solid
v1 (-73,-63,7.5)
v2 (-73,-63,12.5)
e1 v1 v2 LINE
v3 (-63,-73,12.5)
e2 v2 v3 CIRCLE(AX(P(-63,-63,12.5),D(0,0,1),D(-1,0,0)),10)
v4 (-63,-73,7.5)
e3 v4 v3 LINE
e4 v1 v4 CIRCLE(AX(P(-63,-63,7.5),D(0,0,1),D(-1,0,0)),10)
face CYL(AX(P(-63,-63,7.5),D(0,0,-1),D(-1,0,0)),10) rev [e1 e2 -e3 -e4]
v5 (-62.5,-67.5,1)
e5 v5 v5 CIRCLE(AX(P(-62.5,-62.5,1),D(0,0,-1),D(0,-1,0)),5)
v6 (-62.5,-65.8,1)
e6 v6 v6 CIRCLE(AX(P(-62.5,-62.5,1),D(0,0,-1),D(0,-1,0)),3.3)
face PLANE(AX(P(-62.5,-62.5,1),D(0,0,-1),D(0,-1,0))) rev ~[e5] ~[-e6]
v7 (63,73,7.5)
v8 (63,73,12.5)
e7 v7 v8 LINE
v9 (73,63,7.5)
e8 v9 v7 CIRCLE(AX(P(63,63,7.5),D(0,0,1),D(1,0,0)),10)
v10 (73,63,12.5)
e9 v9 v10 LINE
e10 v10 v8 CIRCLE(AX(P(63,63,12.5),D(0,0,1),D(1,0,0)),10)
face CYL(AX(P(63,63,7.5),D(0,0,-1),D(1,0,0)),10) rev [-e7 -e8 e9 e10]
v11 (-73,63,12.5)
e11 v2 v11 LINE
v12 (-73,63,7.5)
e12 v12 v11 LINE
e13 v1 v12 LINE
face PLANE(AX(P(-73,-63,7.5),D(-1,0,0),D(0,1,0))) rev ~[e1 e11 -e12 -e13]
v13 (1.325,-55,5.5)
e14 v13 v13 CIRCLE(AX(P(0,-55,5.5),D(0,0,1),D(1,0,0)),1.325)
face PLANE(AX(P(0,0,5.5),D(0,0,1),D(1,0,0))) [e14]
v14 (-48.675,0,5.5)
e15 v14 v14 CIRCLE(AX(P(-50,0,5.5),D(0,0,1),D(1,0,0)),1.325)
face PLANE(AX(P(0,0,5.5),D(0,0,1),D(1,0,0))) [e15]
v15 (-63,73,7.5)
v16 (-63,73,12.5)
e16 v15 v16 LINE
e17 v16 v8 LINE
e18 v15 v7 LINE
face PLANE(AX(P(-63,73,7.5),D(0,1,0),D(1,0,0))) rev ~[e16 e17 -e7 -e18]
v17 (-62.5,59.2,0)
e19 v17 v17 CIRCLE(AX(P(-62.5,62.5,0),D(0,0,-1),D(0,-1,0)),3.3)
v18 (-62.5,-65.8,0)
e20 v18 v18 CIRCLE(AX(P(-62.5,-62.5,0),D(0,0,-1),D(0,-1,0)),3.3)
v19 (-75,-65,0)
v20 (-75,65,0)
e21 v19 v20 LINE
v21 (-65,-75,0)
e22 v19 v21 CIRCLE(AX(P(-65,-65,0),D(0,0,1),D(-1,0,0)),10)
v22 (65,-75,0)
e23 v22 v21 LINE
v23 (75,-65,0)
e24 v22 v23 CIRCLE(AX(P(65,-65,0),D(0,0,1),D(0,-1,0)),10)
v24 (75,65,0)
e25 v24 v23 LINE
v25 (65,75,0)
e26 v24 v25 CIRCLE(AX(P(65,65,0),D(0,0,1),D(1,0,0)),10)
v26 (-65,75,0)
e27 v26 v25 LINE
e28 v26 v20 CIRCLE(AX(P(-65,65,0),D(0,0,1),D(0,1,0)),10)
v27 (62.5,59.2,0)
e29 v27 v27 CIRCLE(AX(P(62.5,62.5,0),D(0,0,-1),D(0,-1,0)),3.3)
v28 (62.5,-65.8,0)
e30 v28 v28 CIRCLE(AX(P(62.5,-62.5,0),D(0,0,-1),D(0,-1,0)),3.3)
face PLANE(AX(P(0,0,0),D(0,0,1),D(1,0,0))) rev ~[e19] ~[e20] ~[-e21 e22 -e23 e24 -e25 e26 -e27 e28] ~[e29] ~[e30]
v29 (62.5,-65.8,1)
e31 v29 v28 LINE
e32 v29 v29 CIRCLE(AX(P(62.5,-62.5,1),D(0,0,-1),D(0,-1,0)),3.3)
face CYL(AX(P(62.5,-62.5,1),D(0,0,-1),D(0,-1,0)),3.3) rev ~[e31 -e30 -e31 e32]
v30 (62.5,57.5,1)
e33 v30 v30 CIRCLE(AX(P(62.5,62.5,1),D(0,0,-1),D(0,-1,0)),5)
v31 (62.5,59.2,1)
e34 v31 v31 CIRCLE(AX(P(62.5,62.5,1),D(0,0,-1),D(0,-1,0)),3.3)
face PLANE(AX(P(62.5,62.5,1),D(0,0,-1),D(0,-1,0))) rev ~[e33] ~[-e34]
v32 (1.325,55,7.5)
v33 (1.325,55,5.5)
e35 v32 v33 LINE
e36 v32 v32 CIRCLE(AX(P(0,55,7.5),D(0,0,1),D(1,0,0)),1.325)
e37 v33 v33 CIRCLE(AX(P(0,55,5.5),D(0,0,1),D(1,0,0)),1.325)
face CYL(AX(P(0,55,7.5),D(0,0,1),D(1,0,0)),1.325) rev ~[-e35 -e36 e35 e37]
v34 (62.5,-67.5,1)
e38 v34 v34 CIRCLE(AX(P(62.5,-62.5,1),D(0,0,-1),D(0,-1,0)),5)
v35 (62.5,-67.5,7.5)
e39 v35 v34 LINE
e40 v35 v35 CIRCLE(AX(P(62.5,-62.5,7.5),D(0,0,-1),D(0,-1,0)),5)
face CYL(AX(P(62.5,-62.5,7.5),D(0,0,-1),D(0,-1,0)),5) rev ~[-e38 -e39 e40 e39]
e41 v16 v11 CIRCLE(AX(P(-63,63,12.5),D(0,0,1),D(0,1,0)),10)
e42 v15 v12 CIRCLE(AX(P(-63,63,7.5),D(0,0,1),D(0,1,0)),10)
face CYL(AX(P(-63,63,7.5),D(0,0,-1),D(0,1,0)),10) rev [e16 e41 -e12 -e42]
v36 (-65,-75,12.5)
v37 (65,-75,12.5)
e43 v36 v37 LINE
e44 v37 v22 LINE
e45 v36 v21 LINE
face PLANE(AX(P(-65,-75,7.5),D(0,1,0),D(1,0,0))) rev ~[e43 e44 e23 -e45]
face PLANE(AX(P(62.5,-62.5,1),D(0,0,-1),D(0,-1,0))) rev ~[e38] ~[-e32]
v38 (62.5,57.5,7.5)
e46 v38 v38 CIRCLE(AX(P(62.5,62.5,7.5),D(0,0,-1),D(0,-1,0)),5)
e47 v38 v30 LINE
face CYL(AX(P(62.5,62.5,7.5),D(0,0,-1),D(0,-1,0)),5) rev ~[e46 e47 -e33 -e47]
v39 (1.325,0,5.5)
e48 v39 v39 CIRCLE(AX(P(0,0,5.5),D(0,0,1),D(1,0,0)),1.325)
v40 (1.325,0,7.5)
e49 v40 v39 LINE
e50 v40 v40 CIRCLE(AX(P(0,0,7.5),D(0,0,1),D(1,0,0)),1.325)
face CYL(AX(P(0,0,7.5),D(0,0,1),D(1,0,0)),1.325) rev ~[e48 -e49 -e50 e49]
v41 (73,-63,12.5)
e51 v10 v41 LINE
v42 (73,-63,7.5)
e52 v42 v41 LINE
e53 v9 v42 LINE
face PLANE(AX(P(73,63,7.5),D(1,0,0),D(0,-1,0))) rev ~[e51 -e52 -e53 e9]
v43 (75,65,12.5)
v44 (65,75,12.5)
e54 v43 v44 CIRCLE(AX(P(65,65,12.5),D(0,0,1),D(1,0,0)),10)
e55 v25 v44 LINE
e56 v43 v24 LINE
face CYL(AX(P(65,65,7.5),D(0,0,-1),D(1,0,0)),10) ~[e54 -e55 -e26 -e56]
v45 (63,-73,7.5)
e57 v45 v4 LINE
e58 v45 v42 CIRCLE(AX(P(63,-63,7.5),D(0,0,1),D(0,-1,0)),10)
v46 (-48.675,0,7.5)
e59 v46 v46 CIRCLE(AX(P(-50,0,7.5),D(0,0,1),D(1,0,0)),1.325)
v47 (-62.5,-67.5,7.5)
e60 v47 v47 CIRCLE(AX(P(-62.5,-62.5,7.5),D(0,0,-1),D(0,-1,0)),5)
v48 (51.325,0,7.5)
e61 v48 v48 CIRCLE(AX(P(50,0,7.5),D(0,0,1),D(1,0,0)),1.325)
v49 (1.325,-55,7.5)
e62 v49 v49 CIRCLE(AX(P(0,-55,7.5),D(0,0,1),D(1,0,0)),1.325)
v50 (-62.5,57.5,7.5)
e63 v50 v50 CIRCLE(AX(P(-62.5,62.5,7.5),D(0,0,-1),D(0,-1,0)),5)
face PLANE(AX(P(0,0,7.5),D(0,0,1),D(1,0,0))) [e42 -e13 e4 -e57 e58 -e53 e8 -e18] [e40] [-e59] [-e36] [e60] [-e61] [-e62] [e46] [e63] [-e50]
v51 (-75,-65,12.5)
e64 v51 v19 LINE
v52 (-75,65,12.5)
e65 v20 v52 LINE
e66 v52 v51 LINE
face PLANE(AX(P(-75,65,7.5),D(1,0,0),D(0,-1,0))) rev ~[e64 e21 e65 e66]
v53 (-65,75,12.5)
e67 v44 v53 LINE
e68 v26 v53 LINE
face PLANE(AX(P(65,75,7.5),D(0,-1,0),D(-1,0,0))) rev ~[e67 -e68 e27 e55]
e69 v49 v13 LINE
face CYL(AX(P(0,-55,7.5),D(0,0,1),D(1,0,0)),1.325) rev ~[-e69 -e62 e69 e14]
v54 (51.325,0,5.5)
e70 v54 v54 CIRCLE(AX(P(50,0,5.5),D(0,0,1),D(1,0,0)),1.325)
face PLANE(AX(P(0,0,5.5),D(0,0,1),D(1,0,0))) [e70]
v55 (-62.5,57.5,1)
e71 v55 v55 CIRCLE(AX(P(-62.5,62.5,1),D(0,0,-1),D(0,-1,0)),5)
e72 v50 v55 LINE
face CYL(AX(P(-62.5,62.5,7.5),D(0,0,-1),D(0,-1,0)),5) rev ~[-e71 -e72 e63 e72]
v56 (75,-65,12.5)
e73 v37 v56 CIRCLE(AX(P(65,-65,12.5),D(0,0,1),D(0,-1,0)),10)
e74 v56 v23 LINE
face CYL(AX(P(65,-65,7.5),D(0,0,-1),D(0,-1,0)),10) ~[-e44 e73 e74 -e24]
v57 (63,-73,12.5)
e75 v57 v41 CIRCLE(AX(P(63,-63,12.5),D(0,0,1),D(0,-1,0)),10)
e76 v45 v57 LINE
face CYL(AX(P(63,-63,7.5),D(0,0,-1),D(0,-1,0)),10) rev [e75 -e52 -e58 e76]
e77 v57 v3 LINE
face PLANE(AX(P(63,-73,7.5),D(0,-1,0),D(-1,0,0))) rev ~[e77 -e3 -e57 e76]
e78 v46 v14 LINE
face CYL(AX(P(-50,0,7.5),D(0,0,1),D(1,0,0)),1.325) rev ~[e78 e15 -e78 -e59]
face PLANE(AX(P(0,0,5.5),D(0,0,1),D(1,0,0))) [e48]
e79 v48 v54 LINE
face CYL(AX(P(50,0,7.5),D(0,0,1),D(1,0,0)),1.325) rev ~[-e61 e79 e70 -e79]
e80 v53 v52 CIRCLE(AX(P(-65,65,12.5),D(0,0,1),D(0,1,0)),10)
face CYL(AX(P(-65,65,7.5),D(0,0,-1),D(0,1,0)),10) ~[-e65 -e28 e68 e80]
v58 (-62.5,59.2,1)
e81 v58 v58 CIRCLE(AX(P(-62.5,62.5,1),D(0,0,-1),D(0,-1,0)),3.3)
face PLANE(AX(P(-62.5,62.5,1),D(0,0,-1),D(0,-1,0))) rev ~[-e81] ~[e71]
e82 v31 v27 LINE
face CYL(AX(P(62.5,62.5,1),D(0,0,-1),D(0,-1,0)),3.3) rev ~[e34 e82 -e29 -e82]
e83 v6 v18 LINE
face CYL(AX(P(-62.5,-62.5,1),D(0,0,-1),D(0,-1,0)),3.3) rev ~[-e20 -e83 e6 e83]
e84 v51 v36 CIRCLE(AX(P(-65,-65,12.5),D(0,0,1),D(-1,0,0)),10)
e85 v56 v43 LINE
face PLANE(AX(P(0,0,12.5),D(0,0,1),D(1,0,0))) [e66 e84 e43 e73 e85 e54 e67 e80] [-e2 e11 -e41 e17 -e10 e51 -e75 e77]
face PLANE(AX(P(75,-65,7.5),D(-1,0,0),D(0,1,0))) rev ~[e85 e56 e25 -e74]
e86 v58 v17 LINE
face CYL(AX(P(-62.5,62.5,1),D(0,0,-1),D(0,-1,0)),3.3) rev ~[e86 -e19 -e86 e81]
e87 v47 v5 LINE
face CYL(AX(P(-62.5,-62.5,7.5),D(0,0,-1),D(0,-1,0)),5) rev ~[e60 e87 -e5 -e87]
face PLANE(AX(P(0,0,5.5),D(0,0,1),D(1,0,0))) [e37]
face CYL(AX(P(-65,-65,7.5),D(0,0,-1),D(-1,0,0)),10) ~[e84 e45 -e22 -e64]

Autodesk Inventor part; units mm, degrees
ref_plane "YZ Plane" through (0, 0, 0) normal (1, 0, 0) x (0, 1, 0)
ref_plane "XZ Plane" through (0, 0, 0) normal (0, 1, 0) x (-1, 0, 0)
ref_plane "XY Plane" through (0, 0, 0) normal (0, 0, 1) x (1, 0, 0)
sketch "Sketch5" plane through (0, 0, 0) normal (0, 0, 1) x (1, 0, 0)
  line L0 (-65, 75) -> (65, 75)
  line L1 (75, 65) -> (75, -65)
  line L2 (65, -75) -> (-65, -75)
  line L3 (-75, -65) -> (-75, 65)
  arc A0 (-65, 75) -> (-75, 65) centre (-65, 65) ccw
  arc A1 (-75, -65) -> (-65, -75) centre (-65, -65) ccw
  arc A2 (65, -75) -> (75, -65) centre (65, -65) ccw
  arc A3 (75, 65) -> (65, 75) centre (65, 65) ccw
  point P0 (0, 0)
  point P1 (-75, 75)
  point P2 (75, -75)
  point P3 (75, 75)
  dimension "d36" = 150
  dimension "d37" = 150
  dimension "d38" = 75
  dimension "d39" = 75
  dimension "d40" = 10
extrude "base" add sketch "Sketch5" along normal blind 7.5
sketch "Sketch6" plane through (0, 0, 7.5) normal (0, 0, 1) x (1, 0, 0)
  point P0 (0, 0)
  point P1 (-62.5, 62.5)
  point P2 (62.5, 62.5)
  point P3 (-62.5, -62.5)
  point P4 (62.5, -62.5)
  dimension "d43" = 125
  dimension "d44" = 125
  dimension "d45" = 62.5
  dimension "d46" = 62.5
hole "mountingHoles" at (-62.5, 62.5, 7.5) at (62.5, 62.5, 7.5) at (-62.5, -62.5, 7.5) at (62.5, -62.5, 7.5) direction (0, 0, -1) diameter 6.6 depth 8 tip angle 118 counterbore diameter 10 counterbore depth 6.5 clearance for "Hex Head Cap Screw ISO 24017" size "M6" standard "ISO"
sketch "Sketch7" plane through (0, 0, 7.5) normal (0, 0, 1) x (1, 0, 0)
  line L0 (-63, 73) -> (63, 73)
  line L1 (73, 63) -> (73, -63)
  line L2 (63, -73) -> (-63, -73)
  line L3 (-73, -63) -> (-73, 63)
  line L4 (65, 75) -> (-65, 75) projected
  line L5 (75, -65) -> (75, 65) projected
  line L6 (-65, -75) -> (65, -75) projected
  line L7 (-75, 65) -> (-75, -65) projected
  arc A0 (-63, 73) -> (-73, 63) centre (-63, 63) ccw
  arc A1 (-73, -63) -> (-63, -73) centre (-63, -63) ccw
  arc A2 (63, -73) -> (73, -63) centre (63, -63) ccw
  arc A3 (73, 63) -> (63, 73) centre (63, 63) ccw
  line L8 (-65, 75) -> (65, 75)
  line L9 (75, 65) -> (75, -65)
  line L10 (65, -75) -> (-65, -75)
  line L11 (-75, -65) -> (-75, 65)
  line L12 (-65, -75) -> (65, -75) projected
  arc A4 (-65, 75) -> (-75, 65) centre (-65, 65) ccw
  arc A5 (-75, -65) -> (-65, -75) centre (-65, -65) ccw
  arc A6 (65, -75) -> (75, -65) centre (65, -65) ccw
  arc A7 (75, 65) -> (65, 75) centre (65, 65) ccw
  point P0 (0, 0)
  dimension "d54" = 2
  dimension "d55" = 2
  dimension "d56" = 2
  dimension "d57" = 2
  dimension "d58" = 10
  dimension "d59" = 10
  dimension "d60" = 10
  dimension "d61" = 10
extrude "spillTray" add sketch "Sketch7" along normal blind 5
sketch "Sketch9" plane through (0, 0, 7.5) normal (0, 0, 1) x (1, 0, 0)
  circle A0 centre (0, 55) radius 1.325
  circle A1 centre (-50, 0) radius 1.325
  circle A2 centre (0, -55) radius 1.325
  circle A3 centre (50, 0) radius 1.325
  circle A4 centre (0, 0) radius 1.325
  dimension "d73" = 2.65
  dimension "d74" = 2.65
  dimension "d75" = 2.65
  dimension "d76" = 2.65
  dimension "d77" = 2.65
  dimension "d78" = 55
  dimension "d79" = 55
  dimension "d80" = 50
  dimension "d81" = 50
extrude "Extrusion5" cut sketch "Sketch9" against normal blind 2
equation "\"d38\" = 0.5 * d37"
equation "\"d39\" = 0.5 * d36"
equation "\"d44\" = d43"
equation "\"d45\" = 0.5 * d43"
equation "\"d46\" = 0.5 * d44"
equation "\"d55\" = d54"
equation "\"d56\" = d54"
equation "\"d57\" = d54"
equation "\"d74\" = d73"
equation "\"d75\" = d73"
equation "\"d76\" = d73"
equation "\"d77\" = d73"
equation "\"d79\" = d78"
equation "\"d81\" = d80"
properties part number "sampleHolderXYstageBase"
